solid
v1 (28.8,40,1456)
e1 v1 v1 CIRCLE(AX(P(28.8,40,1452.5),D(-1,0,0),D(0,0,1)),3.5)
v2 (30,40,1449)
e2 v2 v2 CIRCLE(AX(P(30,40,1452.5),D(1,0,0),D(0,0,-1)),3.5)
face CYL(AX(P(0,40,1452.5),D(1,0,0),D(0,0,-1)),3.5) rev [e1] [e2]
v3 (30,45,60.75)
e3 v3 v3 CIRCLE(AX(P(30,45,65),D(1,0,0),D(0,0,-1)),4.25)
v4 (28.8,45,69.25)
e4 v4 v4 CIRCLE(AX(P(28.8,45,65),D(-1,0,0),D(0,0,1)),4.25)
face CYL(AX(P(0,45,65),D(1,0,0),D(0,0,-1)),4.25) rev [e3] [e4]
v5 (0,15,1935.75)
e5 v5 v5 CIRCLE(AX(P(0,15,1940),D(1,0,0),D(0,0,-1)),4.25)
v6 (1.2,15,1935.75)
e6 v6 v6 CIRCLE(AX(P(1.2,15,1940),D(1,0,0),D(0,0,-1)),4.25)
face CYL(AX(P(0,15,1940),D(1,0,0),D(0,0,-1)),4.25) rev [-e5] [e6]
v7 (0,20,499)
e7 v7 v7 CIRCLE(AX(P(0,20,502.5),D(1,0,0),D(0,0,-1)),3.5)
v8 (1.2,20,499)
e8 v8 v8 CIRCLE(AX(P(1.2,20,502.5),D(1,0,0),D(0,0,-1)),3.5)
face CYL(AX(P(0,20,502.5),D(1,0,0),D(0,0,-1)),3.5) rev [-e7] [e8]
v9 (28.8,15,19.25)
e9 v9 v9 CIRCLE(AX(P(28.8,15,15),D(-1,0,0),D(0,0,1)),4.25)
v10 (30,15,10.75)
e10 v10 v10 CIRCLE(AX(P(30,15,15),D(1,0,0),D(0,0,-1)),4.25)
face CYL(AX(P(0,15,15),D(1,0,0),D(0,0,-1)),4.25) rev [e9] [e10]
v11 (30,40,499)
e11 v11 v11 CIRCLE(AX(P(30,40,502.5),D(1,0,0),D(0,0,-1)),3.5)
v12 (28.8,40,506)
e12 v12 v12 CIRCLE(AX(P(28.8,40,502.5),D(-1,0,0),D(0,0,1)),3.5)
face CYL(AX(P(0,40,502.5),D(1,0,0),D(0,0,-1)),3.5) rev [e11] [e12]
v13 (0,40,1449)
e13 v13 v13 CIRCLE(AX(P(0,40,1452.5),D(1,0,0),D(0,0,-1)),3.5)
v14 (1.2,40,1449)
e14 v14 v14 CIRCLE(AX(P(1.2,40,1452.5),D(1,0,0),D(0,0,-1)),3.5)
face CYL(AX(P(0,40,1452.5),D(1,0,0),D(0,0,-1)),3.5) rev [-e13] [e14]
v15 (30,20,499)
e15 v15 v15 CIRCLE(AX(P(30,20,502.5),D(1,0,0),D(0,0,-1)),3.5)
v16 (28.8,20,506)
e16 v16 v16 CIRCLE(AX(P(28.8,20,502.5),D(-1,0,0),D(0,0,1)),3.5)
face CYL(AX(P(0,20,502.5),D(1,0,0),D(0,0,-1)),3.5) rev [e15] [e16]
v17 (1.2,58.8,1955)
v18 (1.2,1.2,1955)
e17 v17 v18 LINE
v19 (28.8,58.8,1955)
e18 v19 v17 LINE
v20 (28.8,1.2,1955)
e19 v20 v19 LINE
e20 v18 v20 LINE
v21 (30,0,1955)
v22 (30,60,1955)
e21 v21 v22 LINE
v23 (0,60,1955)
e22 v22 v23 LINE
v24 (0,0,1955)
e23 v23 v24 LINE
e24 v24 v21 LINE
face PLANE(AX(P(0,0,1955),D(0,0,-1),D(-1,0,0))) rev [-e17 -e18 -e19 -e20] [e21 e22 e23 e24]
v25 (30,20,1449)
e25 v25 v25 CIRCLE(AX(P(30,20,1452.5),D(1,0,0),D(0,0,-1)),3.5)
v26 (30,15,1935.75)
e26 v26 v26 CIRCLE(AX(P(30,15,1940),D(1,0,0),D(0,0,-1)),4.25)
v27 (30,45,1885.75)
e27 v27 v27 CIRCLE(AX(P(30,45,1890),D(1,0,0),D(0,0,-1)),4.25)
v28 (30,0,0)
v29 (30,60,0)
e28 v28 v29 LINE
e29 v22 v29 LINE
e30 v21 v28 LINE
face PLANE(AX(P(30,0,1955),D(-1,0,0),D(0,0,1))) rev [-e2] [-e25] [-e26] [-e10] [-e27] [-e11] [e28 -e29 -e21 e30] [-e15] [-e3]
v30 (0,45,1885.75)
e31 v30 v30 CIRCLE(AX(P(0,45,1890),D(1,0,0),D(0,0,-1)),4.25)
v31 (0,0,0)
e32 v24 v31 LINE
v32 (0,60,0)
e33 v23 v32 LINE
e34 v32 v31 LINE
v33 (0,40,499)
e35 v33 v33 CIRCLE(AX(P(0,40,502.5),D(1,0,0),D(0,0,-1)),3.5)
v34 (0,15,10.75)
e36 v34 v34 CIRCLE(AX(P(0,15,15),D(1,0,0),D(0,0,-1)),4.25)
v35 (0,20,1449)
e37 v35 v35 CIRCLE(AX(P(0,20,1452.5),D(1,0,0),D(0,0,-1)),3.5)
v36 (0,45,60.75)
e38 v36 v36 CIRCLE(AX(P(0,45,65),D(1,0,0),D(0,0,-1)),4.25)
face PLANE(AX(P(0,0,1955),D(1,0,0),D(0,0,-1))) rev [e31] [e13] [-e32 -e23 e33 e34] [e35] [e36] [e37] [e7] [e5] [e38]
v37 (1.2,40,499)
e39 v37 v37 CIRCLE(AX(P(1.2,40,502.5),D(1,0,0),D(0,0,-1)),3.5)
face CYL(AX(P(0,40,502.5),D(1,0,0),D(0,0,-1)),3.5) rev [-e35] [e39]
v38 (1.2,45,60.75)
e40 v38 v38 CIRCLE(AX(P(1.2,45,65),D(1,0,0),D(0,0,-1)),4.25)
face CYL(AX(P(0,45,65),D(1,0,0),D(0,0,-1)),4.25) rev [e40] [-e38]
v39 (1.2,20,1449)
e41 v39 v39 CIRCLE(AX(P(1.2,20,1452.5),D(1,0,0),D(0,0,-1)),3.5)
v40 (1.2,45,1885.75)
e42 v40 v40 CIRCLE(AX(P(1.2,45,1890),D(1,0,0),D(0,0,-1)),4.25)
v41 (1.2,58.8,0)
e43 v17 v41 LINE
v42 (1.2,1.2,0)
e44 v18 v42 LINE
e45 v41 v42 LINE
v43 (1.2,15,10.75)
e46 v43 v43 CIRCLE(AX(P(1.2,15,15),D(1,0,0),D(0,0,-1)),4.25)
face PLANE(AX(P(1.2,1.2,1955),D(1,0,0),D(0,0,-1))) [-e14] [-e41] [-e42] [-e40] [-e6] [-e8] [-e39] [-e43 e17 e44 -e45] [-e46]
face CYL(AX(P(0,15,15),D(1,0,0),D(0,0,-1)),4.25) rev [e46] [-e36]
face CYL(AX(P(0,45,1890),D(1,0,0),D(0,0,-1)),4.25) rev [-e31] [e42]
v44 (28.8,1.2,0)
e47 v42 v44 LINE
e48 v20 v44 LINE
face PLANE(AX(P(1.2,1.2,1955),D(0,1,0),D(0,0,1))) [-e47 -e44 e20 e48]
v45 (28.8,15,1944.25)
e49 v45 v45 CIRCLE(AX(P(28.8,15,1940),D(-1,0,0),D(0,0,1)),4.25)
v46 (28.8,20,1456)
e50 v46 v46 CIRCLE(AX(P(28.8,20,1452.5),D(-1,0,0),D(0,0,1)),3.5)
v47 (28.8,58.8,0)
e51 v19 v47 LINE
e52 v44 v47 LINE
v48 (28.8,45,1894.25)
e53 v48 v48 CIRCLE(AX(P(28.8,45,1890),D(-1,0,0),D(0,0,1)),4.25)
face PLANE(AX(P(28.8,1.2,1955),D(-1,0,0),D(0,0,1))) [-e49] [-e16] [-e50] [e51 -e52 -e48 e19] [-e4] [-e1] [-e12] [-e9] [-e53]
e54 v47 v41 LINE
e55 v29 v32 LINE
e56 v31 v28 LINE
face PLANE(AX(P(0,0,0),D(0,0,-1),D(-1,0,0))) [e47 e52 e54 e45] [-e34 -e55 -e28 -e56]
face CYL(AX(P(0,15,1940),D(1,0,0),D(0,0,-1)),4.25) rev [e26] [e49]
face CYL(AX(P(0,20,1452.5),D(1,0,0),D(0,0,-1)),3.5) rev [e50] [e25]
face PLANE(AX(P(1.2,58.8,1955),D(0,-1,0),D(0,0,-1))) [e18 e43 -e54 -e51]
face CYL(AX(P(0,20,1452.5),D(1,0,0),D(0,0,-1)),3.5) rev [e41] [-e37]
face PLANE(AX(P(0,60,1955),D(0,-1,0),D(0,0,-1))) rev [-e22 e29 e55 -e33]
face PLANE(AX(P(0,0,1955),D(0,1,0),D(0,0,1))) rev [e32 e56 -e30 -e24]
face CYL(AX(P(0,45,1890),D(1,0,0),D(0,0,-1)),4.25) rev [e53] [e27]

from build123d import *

# Parameters (mm, degrees)
SKETCH1_W           = 30
SKETCH1_H           = 60
SKETCH1_W_2         = 27.6
SKETCH1_H_2         = 57.6
BOSS_EXTRUDE1_DEPTH = 1955
SKETCH4_R           = 3.5
CUT_EXTRUDE3_DEPTH  = 1957.150556578
SKETCH5_R           = 4.25
CUT_EXTRUDE4_DEPTH  = 1957.150556578


with BuildPart() as part:
    # Sketch1 → Boss-Extrude1 (new body)
    with BuildSketch(Plane.XY):
        with Locations((15, 30)):
            Rectangle(SKETCH1_W, SKETCH1_H)
        with Locations((15, 30)):
            Rectangle(SKETCH1_W_2, SKETCH1_H_2, mode=Mode.SUBTRACT)
    extrude(amount=BOSS_EXTRUDE1_DEPTH)

    # Sketch4 → Cut-Extrude3 (cut, through all)
    with BuildSketch(Plane(origin=(30, 0, 0), x_dir=(0, 0, -1), z_dir=(1, 0, 0))):
        with Locations((-1452.5, 40)):
            Circle(SKETCH4_R)
        with Locations((-1452.5, 20)):
            Circle(SKETCH4_R)
        with Locations((-502.5, 40)):
            Circle(SKETCH4_R)
        with Locations((-502.5, 20)):
            Circle(SKETCH4_R)
    extrude(amount=-CUT_EXTRUDE3_DEPTH, mode=Mode.SUBTRACT)

    # Sketch5 → Cut-Extrude4 (cut, through all)
    with BuildSketch(Plane(origin=(30, 0, 0), x_dir=(0, 0, -1), z_dir=(1, 0, 0))):
        with Locations((-15, 15)):
            Circle(SKETCH5_R)
        with Locations((-65, 45)):
            Circle(SKETCH5_R)
        with Locations((-1890, 45)):
            Circle(SKETCH5_R)
        with Locations((-1940, 15)):
            Circle(SKETCH5_R)
    extrude(amount=-CUT_EXTRUDE4_DEPTH, mode=Mode.SUBTRACT)


solid = part.part
